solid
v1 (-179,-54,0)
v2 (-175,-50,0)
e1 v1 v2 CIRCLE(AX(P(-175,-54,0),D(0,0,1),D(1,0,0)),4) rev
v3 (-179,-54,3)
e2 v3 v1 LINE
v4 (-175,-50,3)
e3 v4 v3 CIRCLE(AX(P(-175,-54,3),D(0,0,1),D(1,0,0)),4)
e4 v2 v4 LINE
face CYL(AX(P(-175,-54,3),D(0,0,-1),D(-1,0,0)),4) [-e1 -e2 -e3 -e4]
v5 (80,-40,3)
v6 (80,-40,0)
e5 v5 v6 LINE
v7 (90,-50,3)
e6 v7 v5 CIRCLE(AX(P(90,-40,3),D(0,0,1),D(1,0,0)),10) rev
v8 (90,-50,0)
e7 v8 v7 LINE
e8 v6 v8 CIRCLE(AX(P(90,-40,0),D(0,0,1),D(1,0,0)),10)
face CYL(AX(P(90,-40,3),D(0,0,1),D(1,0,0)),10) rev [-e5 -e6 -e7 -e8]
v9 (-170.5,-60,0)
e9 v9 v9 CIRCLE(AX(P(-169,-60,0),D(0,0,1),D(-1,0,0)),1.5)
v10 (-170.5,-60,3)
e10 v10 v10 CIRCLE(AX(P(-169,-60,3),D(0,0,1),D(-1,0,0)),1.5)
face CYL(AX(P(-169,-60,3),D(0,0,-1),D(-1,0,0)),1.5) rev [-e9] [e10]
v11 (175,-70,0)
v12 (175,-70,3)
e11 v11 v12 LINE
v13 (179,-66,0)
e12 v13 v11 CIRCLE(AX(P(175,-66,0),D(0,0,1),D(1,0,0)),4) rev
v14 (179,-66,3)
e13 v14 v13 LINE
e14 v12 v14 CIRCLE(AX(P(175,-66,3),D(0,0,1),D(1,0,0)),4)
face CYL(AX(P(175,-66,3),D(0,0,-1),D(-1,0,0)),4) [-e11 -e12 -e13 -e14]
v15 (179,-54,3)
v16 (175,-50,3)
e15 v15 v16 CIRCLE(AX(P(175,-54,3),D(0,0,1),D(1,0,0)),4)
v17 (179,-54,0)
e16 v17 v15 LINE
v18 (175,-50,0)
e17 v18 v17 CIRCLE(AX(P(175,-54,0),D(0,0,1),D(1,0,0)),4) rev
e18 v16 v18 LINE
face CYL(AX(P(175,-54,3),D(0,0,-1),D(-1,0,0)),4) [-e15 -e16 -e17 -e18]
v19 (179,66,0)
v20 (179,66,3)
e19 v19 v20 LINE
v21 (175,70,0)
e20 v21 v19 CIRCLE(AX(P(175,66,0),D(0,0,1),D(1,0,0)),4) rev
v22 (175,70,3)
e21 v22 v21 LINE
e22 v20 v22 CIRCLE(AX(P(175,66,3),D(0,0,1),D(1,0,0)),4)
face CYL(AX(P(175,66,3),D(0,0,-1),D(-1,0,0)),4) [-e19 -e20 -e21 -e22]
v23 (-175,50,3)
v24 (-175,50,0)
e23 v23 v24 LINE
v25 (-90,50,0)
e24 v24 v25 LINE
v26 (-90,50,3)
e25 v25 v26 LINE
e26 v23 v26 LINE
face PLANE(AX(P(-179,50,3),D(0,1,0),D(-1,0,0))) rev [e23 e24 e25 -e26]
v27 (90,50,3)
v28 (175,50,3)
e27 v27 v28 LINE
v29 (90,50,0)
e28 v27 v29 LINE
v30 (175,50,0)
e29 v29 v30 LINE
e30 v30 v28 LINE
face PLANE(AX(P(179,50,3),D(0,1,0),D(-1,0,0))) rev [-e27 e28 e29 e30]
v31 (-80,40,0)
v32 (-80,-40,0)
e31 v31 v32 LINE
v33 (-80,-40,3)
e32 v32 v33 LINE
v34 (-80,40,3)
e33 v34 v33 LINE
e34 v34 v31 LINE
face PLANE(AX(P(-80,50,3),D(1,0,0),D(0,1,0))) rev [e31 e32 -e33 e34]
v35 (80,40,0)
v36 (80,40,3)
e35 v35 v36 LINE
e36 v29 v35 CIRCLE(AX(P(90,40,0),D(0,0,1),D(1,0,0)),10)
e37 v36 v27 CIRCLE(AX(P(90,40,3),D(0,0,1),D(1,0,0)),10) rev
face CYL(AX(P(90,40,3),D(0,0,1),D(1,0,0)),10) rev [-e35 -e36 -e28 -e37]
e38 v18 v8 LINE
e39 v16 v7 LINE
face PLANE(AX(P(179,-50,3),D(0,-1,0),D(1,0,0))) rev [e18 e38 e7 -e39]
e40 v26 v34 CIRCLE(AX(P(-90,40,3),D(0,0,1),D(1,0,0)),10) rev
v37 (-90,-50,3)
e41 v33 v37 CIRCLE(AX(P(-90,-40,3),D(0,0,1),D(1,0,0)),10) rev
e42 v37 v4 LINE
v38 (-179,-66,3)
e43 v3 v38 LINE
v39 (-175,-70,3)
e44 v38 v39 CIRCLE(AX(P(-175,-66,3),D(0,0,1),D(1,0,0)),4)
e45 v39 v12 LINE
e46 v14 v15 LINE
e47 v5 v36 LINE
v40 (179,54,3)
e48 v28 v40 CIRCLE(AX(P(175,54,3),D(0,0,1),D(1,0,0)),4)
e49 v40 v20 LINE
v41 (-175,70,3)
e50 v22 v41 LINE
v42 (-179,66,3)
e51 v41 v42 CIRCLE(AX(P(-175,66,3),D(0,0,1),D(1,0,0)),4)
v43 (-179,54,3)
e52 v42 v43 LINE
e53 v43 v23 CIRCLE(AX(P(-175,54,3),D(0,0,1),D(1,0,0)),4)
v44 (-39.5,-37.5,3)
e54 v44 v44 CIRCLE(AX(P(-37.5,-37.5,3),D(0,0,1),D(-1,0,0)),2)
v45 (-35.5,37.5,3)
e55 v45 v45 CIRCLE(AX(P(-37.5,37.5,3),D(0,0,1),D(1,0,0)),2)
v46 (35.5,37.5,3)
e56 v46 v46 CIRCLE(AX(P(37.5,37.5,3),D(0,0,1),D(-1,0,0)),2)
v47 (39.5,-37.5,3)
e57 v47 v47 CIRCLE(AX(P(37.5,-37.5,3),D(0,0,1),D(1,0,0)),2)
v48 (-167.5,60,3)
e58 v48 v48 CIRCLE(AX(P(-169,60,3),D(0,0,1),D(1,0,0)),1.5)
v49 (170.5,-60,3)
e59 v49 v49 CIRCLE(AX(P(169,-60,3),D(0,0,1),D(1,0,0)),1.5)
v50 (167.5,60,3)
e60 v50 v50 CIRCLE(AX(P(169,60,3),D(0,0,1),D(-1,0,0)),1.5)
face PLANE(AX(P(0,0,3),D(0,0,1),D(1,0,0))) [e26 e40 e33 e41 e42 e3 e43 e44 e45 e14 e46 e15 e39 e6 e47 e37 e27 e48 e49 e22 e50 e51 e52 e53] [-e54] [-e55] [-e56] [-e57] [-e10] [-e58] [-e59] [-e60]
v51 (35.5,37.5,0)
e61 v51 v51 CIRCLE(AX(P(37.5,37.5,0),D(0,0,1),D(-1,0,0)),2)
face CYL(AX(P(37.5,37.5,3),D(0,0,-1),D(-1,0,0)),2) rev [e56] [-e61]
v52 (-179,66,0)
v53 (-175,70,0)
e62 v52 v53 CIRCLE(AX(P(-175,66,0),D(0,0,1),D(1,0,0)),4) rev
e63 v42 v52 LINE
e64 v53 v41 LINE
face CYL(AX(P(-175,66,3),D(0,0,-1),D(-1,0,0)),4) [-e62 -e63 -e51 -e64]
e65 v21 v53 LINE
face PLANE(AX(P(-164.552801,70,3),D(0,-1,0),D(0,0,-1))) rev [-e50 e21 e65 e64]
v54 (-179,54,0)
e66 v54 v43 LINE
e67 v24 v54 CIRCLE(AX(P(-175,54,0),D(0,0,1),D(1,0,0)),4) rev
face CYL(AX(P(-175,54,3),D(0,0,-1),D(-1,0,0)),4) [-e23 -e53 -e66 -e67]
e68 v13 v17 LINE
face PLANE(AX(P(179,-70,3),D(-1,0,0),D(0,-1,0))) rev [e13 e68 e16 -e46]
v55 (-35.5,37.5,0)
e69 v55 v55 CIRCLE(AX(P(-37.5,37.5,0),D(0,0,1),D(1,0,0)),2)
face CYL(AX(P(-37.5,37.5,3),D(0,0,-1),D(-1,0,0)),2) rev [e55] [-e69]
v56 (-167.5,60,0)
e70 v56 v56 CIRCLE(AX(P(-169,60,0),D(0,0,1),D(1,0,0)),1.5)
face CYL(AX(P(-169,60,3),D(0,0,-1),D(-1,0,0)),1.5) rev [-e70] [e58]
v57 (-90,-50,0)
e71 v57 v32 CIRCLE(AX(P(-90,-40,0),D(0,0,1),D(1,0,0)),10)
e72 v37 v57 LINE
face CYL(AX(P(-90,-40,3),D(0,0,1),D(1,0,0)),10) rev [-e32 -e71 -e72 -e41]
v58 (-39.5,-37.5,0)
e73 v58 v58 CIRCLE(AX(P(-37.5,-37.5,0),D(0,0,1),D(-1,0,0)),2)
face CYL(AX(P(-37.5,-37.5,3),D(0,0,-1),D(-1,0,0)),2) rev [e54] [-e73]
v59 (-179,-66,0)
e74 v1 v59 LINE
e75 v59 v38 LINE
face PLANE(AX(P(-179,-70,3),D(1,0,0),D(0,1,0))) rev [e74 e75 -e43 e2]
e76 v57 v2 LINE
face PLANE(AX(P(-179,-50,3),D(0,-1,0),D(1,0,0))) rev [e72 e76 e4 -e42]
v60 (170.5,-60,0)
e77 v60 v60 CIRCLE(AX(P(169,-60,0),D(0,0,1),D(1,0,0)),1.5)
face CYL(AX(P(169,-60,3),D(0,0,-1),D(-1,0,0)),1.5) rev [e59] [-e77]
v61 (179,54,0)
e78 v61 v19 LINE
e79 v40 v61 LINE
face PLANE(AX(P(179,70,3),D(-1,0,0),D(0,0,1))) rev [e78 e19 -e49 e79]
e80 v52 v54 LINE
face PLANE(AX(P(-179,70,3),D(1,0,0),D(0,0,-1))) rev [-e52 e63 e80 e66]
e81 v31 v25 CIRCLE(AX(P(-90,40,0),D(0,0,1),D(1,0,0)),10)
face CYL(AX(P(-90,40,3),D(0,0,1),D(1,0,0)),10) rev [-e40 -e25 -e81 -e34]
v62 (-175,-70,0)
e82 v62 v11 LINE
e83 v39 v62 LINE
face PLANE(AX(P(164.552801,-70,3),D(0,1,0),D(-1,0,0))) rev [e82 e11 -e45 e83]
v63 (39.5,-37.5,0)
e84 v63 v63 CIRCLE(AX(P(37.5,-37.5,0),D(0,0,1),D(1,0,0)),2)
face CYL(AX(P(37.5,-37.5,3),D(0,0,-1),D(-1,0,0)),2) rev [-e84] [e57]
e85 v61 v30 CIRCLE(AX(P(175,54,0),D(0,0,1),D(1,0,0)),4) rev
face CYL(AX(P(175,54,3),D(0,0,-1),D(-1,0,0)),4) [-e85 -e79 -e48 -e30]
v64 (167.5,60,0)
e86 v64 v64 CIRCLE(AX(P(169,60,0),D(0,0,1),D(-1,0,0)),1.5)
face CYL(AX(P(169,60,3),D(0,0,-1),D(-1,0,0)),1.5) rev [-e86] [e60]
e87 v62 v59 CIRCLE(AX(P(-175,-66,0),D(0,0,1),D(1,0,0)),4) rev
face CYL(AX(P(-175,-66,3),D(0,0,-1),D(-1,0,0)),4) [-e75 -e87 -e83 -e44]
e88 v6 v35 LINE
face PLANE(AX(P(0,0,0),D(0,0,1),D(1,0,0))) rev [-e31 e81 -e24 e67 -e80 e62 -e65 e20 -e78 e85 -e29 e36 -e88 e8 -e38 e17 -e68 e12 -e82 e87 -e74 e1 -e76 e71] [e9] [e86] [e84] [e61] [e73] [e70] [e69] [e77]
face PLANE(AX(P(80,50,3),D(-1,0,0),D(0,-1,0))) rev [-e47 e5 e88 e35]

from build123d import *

# Parameters (mm, degrees)
SKETCH1_R           = 1.5
SKETCH1_R_2         = 2
BOSS_EXTRUDE1_DEPTH = 3
FILLET1_R           = 4
FILLET2_R           = 10


with BuildPart() as part:
    # Sketch1 → Boss-Extrude1 (new body)
    with BuildSketch(Plane.XY):
        Polygon((-164.552800631, 70), (164.552800631, 70), (179, 70), (179, 50), (80, 50), (80, -50), (179, -50), (179, -70), (164.552800631, -70), (-164.552800631, -70), (-179, -70), (-179, -50), (-80, -50), (-80, 50), (-179, 50), (-179, 70), align=None)
        with Locations((-169, 60)):
            Circle(SKETCH1_R, mode=Mode.SUBTRACT)
        with Locations((-37.5, 37.5)):
            Circle(SKETCH1_R_2, mode=Mode.SUBTRACT)
        with Locations((37.5, 37.5)):
            Circle(SKETCH1_R_2, mode=Mode.SUBTRACT)
        with Locations((169, 60)):
            Circle(SKETCH1_R, mode=Mode.SUBTRACT)
        with Locations((169, -60)):
            Circle(SKETCH1_R, mode=Mode.SUBTRACT)
        with Locations((37.5, -37.5)):
            Circle(SKETCH1_R_2, mode=Mode.SUBTRACT)
        with Locations((-37.5, -37.5)):
            Circle(SKETCH1_R_2, mode=Mode.SUBTRACT)
        with Locations((-169, -60)):
            Circle(SKETCH1_R, mode=Mode.SUBTRACT)
    extrude(amount=BOSS_EXTRUDE1_DEPTH)

    # Fillet1
    fillet1_edges = [part.edges().sort_by_distance(p)[0] for p in [
        (179, 70, 1.5),
        (179, 50, 1.5),
        (179, -50, 1.5),
        (179, -70, 1.5),
        (-179, -70, 1.5),
        (-179, -50, 1.5),
        (-179, 50, 1.5),
        (-179, 70, 1.5),
    ]]
    fillet(fillet1_edges, radius=FILLET1_R)

    # Fillet2
    fillet2_edges = [part.edges().sort_by_distance(p)[0] for p in [
        (80, 50, 1.5),
        (80, -50, 1.5),
        (-80, -50, 1.5),
        (-80, 50, 1.5),
    ]]
    fillet(fillet2_edges, radius=FILLET2_R)


solid = part.part
